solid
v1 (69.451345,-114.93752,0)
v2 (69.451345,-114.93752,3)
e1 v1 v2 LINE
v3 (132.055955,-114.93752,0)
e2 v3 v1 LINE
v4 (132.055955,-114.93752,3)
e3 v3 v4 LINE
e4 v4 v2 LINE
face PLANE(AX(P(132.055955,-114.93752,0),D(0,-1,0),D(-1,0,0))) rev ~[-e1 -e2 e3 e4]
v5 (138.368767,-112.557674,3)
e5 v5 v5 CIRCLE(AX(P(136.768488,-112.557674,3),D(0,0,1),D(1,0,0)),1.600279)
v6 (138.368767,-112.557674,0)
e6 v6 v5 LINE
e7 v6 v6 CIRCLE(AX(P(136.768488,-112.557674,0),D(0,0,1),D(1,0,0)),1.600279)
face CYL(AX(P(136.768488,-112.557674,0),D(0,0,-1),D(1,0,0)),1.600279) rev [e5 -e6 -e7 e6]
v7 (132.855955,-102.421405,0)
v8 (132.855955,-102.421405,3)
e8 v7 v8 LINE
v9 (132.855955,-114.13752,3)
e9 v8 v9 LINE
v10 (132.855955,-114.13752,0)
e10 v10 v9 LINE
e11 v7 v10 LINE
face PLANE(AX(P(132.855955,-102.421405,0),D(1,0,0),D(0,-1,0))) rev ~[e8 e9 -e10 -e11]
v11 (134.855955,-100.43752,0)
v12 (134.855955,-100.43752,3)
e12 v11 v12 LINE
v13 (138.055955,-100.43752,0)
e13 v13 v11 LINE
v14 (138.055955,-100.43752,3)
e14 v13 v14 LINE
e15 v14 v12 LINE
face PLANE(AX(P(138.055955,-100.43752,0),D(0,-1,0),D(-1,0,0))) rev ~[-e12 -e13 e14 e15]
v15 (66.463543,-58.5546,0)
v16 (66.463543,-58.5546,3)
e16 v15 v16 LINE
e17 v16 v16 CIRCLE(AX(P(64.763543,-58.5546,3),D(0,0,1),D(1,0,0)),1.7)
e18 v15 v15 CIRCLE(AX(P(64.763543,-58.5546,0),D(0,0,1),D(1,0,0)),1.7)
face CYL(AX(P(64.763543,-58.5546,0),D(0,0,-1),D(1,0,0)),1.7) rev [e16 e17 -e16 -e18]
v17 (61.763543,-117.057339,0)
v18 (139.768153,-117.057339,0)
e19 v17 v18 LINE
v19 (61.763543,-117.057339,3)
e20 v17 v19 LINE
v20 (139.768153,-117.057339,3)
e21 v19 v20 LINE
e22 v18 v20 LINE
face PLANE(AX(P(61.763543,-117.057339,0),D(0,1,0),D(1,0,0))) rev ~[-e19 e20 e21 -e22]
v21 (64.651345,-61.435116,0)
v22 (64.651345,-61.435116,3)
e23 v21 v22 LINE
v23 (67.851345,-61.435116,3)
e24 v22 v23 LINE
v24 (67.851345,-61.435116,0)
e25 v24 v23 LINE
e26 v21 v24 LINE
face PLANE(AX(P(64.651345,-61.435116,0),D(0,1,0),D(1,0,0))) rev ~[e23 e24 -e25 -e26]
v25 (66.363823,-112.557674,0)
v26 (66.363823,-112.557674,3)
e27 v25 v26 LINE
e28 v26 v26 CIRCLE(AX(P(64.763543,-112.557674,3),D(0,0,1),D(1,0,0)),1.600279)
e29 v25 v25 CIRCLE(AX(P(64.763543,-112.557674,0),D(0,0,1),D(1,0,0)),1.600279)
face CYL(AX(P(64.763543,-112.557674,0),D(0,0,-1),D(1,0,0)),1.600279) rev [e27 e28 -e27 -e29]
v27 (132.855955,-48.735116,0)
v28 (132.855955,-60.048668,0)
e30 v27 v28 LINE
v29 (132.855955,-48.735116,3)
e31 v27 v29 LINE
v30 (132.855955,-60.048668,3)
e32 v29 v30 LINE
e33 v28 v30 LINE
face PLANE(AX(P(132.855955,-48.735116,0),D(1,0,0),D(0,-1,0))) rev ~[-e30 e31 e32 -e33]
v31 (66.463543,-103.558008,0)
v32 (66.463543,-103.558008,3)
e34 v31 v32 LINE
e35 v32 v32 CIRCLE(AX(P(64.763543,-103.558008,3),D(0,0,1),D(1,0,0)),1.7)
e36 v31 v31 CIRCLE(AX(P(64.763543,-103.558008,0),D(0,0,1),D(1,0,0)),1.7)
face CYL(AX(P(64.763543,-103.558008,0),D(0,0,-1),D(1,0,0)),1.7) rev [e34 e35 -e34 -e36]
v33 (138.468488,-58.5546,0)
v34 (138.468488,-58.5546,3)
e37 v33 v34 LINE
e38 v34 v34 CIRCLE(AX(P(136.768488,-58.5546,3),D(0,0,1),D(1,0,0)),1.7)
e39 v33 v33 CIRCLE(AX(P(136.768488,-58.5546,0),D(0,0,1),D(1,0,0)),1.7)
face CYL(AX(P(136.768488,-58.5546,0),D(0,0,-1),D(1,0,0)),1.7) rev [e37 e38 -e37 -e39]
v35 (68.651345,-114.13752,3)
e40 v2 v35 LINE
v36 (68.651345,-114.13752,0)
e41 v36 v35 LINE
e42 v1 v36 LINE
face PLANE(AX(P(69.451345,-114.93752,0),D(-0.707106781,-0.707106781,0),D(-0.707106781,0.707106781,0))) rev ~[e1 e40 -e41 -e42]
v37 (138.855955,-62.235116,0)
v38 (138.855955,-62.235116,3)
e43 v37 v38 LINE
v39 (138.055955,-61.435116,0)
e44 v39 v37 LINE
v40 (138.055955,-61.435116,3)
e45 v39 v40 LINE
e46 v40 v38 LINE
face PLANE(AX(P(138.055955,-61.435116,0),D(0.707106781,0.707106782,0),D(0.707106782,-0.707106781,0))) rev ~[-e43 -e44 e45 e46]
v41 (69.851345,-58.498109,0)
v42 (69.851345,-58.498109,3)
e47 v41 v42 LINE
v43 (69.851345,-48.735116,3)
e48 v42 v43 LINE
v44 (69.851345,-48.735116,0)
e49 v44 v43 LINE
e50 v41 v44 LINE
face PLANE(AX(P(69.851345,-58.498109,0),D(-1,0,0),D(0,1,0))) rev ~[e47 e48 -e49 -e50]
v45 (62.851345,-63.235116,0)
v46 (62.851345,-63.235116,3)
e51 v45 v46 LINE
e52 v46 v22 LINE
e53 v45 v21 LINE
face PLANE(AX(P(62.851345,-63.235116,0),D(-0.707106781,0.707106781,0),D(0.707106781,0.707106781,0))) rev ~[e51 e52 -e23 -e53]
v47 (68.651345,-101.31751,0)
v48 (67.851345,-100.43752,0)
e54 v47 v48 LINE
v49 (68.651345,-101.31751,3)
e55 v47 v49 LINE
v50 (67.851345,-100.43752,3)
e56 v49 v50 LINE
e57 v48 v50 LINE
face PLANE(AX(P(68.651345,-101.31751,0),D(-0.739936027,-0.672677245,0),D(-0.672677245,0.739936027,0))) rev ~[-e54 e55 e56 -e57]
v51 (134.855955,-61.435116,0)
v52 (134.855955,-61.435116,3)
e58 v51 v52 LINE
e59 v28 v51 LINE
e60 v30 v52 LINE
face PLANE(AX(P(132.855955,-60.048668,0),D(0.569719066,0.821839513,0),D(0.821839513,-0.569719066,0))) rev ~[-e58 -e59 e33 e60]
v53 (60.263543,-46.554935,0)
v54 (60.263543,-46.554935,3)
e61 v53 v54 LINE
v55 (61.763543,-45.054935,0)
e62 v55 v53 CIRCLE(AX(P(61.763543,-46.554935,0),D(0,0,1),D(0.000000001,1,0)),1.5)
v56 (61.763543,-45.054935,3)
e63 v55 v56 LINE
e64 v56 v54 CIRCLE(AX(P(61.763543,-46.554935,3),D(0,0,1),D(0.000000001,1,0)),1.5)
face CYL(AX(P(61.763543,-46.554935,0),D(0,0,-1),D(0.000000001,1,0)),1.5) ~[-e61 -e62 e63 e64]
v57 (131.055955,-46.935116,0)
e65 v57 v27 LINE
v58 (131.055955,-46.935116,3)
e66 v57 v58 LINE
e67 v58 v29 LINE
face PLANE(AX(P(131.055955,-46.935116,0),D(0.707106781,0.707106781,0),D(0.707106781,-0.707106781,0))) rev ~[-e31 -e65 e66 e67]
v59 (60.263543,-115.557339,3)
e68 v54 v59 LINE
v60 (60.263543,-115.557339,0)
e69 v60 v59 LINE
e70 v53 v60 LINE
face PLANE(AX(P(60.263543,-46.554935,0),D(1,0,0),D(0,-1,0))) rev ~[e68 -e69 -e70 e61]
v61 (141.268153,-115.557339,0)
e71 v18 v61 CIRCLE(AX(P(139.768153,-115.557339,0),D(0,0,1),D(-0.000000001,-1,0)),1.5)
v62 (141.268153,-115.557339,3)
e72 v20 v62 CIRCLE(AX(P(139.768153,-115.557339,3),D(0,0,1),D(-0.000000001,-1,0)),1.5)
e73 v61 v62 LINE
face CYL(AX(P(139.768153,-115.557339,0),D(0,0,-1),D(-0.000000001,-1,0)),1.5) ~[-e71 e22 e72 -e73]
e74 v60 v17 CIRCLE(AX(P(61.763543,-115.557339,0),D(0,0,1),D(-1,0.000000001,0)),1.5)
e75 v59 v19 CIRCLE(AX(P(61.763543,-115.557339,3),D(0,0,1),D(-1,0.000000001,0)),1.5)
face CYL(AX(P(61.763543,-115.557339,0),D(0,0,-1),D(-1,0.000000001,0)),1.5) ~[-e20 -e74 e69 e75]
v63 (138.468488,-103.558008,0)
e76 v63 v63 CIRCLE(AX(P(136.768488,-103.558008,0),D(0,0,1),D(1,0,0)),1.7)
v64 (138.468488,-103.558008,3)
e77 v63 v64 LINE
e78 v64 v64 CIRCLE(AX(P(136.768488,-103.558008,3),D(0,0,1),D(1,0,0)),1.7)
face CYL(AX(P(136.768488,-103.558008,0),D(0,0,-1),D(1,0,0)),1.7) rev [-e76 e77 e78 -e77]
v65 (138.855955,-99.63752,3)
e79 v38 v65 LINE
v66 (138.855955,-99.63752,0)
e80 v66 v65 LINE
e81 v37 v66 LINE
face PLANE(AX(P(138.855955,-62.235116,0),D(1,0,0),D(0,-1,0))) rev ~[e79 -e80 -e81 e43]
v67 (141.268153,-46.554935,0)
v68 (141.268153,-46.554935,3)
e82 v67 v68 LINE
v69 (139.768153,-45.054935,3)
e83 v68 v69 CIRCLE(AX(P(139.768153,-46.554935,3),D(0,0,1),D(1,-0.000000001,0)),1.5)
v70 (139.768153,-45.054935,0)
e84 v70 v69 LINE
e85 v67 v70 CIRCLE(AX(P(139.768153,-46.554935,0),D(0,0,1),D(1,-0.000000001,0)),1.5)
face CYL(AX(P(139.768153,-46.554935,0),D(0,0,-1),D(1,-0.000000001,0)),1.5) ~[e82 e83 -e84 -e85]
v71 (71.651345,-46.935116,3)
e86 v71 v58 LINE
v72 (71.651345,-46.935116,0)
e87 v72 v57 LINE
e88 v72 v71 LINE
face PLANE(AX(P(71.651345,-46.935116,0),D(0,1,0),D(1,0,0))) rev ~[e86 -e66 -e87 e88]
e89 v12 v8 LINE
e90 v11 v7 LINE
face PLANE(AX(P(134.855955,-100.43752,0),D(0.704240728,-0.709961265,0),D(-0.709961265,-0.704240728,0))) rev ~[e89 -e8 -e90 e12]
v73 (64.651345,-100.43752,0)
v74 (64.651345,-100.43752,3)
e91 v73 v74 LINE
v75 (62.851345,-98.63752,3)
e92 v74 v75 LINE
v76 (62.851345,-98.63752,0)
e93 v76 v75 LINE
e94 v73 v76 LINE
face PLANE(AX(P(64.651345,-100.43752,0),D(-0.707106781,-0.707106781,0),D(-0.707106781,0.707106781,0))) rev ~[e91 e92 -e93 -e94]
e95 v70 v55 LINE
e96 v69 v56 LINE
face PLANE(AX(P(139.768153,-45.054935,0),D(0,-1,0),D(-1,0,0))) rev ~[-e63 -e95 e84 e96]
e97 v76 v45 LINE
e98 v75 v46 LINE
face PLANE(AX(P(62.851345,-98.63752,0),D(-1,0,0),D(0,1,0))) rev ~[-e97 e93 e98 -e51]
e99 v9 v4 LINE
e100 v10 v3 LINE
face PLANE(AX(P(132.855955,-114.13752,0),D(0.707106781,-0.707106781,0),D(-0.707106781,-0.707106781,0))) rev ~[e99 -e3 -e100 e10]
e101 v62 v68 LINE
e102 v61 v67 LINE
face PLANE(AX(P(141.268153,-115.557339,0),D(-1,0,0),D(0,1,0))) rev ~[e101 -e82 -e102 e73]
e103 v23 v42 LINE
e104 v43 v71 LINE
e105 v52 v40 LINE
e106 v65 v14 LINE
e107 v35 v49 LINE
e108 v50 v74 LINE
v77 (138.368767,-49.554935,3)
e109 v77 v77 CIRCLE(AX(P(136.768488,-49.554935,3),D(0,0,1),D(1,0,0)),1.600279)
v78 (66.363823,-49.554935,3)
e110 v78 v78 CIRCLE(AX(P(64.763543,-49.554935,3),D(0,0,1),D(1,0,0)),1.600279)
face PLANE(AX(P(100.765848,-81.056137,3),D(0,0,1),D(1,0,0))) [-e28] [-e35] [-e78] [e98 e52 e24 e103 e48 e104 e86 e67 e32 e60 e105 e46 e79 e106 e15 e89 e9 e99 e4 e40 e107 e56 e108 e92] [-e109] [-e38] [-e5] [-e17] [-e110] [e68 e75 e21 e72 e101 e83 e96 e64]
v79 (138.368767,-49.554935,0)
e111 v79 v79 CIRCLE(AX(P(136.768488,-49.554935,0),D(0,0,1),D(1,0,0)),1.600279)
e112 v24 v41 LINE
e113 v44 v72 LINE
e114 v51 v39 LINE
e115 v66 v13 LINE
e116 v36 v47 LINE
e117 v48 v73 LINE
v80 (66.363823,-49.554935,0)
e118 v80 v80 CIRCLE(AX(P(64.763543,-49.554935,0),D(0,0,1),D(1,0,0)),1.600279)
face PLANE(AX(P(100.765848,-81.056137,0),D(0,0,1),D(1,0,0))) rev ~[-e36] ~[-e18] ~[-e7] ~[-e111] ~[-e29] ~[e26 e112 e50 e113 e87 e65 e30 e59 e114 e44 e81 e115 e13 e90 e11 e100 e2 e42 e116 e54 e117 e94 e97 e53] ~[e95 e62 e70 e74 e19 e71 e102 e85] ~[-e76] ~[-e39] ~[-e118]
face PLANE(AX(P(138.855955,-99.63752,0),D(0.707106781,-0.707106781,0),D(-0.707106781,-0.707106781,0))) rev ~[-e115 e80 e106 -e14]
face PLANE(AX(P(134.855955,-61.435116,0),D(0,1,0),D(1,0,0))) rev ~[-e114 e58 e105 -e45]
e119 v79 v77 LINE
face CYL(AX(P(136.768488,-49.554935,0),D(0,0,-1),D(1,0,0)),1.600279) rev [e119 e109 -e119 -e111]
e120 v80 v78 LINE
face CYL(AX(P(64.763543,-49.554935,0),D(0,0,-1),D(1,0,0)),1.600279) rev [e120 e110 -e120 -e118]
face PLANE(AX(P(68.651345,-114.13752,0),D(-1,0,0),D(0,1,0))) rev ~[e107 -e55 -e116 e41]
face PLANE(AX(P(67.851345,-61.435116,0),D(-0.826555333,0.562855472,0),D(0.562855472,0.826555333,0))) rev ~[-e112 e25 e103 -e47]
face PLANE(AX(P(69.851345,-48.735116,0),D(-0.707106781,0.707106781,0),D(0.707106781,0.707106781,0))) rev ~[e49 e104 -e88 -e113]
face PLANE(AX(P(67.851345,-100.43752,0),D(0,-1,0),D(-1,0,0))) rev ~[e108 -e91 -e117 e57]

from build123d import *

# Parameters (mm, degrees)
MODEL_R                 = 1.7
MODEL_R_2               = 1.600279216
SALIENTE_EXTRUIR1_DEPTH = 3


with BuildPart() as part:
    # Model → Saliente-Extruir1 (new body)
    with BuildSketch(Plane.XY):
        with BuildLine():
            Line((60.263543448, -46.554934941), (60.263543448, -115.557339175))
            ThreePointArc((60.263543448, -115.557339175), (60.702883276, -116.617999347), (61.763543448, -117.057339175))
            Line((61.763543448, -117.057339175), (139.768153306, -117.057339175))
            ThreePointArc((139.768153306, -117.057339175), (140.828813478, -116.617999347), (141.268153306, -115.557339175))
            Line((141.268153306, -115.557339175), (141.268153306, -46.554934941))
            ThreePointArc((141.268153306, -46.554934941), (140.828813478, -45.494274769), (139.768153306, -45.054934941))
            Line((139.768153306, -45.054934941), (61.763543448, -45.054934941))
            ThreePointArc((61.763543448, -45.054934941), (60.702883276, -45.494274769), (60.263543448, -46.554934941))
        make_face()
        with Locations((136.768487808, -103.558008179)):
            Circle(MODEL_R, mode=Mode.SUBTRACT)
        with Locations((136.768487808, -58.554600438)):
            Circle(MODEL_R, mode=Mode.SUBTRACT)
        with Locations((136.768487808, -112.557673677)):
            Circle(MODEL_R_2, mode=Mode.SUBTRACT)
        with Locations((136.768487808, -49.554934941)):
            Circle(MODEL_R_2, mode=Mode.SUBTRACT)
        with Locations((64.763543448, -103.558008179)):
            Circle(MODEL_R, mode=Mode.SUBTRACT)
        with Locations((64.763543448, -58.554600438)):
            Circle(MODEL_R, mode=Mode.SUBTRACT)
        with Locations((64.763543448, -49.554934941)):
            Circle(MODEL_R_2, mode=Mode.SUBTRACT)
        with Locations((64.763543448, -112.557673677)):
            Circle(MODEL_R_2, mode=Mode.SUBTRACT)
        Polygon((71.651345037, -46.935116153), (131.055954895, -46.935116153), (132.855954895, -48.735116152), (132.855954895, -60.048667687), (134.855954895, -61.435116153), (138.055954895, -61.435116153), (138.855954895, -62.235116152), (138.855954895, -99.637520387), (138.055954895, -100.437520387), (134.855954895, -100.437520387), (132.855954895, -102.421405318), (132.855954895, -114.137520387), (132.055954895, -114.937520387), (69.451345037, -114.937520387), (68.651345037, -114.137520387), (68.651345037, -101.317509753), (67.851345037, -100.437520387), (64.651345037, -100.437520387), (62.851345037, -98.637520387), (62.851345037, -63.235116152), (64.651345037, -61.435116153), (67.851345037, -61.435116153), (69.851345037, -58.49810879), (69.851345037, -48.735116152), align=None, mode=Mode.SUBTRACT)
    extrude(amount=SALIENTE_EXTRUIR1_DEPTH)


solid = part.part
